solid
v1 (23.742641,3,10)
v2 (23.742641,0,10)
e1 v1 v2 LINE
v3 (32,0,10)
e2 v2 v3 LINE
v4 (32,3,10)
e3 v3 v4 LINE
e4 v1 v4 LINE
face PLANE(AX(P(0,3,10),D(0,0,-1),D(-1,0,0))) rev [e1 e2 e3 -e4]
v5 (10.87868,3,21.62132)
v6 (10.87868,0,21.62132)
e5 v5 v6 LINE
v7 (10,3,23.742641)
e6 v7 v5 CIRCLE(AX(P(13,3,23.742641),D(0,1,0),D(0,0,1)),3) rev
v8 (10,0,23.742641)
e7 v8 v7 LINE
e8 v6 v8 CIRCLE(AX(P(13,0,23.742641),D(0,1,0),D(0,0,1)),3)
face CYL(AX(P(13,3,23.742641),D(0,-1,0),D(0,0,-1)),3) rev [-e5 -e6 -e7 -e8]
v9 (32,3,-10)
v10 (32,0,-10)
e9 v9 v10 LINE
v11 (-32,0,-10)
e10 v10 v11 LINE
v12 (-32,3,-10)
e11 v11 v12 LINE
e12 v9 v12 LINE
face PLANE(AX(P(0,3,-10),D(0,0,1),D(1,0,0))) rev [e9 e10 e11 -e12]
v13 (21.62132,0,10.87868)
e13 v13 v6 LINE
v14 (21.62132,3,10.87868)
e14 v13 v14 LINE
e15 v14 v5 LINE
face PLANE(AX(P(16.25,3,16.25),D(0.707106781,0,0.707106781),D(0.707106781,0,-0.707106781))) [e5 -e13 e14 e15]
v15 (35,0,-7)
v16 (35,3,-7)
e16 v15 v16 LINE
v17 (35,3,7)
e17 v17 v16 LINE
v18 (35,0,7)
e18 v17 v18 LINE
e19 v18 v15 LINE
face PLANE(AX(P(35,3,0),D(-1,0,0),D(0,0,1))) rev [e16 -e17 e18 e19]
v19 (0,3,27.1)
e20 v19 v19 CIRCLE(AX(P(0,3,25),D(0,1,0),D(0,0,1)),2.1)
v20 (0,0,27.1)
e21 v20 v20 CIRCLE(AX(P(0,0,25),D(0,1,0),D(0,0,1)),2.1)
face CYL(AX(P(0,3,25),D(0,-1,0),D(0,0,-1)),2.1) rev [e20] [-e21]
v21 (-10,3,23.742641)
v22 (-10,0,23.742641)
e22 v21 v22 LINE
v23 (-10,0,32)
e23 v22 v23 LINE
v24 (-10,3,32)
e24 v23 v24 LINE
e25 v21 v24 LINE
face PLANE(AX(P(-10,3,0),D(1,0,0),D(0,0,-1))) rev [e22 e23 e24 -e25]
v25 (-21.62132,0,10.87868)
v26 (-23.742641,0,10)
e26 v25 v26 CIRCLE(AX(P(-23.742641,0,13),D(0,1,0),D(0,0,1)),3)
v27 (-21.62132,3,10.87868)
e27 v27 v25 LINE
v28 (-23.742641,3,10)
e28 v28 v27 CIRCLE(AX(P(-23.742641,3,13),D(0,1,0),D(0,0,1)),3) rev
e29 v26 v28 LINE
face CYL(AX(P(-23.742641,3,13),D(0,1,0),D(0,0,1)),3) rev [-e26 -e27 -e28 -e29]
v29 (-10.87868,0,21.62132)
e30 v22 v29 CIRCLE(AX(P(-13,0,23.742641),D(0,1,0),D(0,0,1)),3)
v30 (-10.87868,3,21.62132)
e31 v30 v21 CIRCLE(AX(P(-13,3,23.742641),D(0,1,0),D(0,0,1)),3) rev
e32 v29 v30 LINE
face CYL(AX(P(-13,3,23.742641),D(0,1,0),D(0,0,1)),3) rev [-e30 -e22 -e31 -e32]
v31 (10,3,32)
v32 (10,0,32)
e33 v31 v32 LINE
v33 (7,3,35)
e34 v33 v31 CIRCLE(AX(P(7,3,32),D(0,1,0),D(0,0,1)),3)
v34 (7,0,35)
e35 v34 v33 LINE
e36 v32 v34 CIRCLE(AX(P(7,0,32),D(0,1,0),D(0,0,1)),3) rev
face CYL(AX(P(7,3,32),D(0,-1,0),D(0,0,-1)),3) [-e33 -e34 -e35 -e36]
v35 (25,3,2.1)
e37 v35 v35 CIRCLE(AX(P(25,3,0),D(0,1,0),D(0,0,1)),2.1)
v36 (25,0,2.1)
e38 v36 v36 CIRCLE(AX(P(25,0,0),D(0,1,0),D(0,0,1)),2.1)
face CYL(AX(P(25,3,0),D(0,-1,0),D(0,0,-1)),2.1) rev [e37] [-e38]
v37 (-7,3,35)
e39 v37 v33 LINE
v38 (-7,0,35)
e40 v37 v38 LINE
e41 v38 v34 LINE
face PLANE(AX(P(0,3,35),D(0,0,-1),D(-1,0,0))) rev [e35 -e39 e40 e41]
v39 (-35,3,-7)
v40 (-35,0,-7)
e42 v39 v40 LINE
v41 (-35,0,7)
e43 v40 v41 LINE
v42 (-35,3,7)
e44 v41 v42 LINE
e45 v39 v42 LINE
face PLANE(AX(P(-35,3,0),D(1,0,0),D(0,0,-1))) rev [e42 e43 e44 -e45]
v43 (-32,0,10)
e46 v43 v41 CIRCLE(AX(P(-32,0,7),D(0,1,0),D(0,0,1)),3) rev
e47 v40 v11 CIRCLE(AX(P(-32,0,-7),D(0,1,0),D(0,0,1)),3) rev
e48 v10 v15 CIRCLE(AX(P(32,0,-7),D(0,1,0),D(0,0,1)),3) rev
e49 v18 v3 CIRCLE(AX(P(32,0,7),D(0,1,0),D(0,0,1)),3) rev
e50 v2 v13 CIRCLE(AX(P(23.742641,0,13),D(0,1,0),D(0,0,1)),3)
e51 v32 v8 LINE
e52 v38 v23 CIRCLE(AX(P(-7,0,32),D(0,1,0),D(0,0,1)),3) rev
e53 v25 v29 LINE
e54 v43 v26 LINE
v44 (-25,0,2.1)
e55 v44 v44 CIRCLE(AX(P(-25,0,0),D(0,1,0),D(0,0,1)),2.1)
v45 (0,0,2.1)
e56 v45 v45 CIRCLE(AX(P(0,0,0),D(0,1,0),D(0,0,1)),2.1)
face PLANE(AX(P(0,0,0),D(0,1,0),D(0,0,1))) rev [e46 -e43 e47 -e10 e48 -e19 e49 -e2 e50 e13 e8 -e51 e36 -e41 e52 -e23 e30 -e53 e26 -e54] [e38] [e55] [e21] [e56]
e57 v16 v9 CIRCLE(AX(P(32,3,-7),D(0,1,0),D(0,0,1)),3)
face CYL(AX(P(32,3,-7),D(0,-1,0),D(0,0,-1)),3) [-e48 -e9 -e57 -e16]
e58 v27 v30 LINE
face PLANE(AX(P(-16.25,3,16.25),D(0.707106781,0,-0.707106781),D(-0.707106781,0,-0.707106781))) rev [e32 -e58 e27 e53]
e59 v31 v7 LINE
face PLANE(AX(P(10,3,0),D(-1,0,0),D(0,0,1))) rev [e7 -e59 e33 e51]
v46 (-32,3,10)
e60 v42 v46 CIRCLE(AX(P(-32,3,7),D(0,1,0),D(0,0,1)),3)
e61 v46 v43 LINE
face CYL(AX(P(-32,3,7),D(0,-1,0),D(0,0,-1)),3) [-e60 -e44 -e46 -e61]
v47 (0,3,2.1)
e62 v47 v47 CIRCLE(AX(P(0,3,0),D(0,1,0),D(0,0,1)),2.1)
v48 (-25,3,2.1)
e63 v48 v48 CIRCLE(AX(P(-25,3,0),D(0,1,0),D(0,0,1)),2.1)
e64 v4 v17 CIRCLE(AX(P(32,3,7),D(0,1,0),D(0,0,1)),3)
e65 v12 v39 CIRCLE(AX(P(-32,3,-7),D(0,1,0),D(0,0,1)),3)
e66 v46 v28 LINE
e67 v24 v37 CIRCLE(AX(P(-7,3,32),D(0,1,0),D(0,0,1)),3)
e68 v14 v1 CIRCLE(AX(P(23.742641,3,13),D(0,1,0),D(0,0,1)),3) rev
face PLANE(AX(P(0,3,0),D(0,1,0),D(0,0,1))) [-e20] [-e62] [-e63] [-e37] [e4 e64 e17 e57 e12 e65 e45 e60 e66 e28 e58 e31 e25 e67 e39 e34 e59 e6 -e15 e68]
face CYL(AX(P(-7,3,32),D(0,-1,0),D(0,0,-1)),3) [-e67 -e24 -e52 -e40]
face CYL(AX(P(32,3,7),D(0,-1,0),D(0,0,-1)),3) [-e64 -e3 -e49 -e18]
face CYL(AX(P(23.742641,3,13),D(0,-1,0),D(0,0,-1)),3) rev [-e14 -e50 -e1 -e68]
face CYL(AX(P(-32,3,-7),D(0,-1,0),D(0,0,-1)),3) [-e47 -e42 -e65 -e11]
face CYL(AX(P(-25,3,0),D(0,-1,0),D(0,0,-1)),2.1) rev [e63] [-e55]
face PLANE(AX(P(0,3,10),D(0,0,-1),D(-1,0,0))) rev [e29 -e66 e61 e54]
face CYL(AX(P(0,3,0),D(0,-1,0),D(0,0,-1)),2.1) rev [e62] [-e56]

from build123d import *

# Parameters (mm, degrees)
SKETCH_1_R      = 2.1
EXTRUDE_1_DEPTH = 3
FILLET_1_R      = 3


with BuildPart() as part:
    # 草图1 → 凸台-拉伸1 (new body)
    # profile 1 of 3: a face of its own
    with BuildSketch(Plane(origin=(0, 0, 0), x_dir=(1, 0, 0), z_dir=(0, 1, 0))):
        Polygon((35, -10), (35, 10), (-35, 10), (-35, -10), (-22.5, -10), (-10, -10), (-10, -22.5), (-10, -35), (10, -35), (10, -22.5), (10, -10), (22.5, -10), align=None)
        with Locations(Location((0, -25, 0), (0, 0, 270))):
            Circle(SKETCH_1_R, mode=Mode.SUBTRACT)
        with Locations(Location((-25, 0, 0), (0, 0, 270))):
            Circle(SKETCH_1_R, mode=Mode.SUBTRACT)
        with Locations(Location((0, 0, 0), (0, 0, 270))):
            Circle(SKETCH_1_R, mode=Mode.SUBTRACT)
        with Locations(Location((25, 0, 0), (0, 0, 270))):
            Circle(SKETCH_1_R, mode=Mode.SUBTRACT)
    # profile 2 of 3: a face of its own
    with BuildSketch(Plane(origin=(0, 0, 0), x_dir=(1, 0, 0), z_dir=(0, 1, 0))):
        Polygon((-10, -10), (-22.5, -10), (-10, -22.5), align=None)
    # profile 3 of 3: a face of its own
    with BuildSketch(Plane(origin=(0, 0, 0), x_dir=(1, 0, 0), z_dir=(0, 1, 0))):
        Polygon((10, -22.5), (22.5, -10), (10, -10), align=None)
    extrude(amount=EXTRUDE_1_DEPTH)

    # 圆角1
    fillet_1_edges = [part.edges().sort_by_distance(p)[0] for p in [
        (10, 1.5, 22.5),
        (10, 1.5, 35),
        (-10, 1.5, 35),
        (-10, 1.5, 22.5),
        (-22.5, 1.5, 10),
        (-35, 1.5, 10),
        (-35, 1.5, -10),
        (35, 1.5, -10),
        (35, 1.5, 10),
        (22.5, 1.5, 10),
    ]]
    fillet(fillet_1_edges, radius=FILLET_1_R)


solid = part.part
